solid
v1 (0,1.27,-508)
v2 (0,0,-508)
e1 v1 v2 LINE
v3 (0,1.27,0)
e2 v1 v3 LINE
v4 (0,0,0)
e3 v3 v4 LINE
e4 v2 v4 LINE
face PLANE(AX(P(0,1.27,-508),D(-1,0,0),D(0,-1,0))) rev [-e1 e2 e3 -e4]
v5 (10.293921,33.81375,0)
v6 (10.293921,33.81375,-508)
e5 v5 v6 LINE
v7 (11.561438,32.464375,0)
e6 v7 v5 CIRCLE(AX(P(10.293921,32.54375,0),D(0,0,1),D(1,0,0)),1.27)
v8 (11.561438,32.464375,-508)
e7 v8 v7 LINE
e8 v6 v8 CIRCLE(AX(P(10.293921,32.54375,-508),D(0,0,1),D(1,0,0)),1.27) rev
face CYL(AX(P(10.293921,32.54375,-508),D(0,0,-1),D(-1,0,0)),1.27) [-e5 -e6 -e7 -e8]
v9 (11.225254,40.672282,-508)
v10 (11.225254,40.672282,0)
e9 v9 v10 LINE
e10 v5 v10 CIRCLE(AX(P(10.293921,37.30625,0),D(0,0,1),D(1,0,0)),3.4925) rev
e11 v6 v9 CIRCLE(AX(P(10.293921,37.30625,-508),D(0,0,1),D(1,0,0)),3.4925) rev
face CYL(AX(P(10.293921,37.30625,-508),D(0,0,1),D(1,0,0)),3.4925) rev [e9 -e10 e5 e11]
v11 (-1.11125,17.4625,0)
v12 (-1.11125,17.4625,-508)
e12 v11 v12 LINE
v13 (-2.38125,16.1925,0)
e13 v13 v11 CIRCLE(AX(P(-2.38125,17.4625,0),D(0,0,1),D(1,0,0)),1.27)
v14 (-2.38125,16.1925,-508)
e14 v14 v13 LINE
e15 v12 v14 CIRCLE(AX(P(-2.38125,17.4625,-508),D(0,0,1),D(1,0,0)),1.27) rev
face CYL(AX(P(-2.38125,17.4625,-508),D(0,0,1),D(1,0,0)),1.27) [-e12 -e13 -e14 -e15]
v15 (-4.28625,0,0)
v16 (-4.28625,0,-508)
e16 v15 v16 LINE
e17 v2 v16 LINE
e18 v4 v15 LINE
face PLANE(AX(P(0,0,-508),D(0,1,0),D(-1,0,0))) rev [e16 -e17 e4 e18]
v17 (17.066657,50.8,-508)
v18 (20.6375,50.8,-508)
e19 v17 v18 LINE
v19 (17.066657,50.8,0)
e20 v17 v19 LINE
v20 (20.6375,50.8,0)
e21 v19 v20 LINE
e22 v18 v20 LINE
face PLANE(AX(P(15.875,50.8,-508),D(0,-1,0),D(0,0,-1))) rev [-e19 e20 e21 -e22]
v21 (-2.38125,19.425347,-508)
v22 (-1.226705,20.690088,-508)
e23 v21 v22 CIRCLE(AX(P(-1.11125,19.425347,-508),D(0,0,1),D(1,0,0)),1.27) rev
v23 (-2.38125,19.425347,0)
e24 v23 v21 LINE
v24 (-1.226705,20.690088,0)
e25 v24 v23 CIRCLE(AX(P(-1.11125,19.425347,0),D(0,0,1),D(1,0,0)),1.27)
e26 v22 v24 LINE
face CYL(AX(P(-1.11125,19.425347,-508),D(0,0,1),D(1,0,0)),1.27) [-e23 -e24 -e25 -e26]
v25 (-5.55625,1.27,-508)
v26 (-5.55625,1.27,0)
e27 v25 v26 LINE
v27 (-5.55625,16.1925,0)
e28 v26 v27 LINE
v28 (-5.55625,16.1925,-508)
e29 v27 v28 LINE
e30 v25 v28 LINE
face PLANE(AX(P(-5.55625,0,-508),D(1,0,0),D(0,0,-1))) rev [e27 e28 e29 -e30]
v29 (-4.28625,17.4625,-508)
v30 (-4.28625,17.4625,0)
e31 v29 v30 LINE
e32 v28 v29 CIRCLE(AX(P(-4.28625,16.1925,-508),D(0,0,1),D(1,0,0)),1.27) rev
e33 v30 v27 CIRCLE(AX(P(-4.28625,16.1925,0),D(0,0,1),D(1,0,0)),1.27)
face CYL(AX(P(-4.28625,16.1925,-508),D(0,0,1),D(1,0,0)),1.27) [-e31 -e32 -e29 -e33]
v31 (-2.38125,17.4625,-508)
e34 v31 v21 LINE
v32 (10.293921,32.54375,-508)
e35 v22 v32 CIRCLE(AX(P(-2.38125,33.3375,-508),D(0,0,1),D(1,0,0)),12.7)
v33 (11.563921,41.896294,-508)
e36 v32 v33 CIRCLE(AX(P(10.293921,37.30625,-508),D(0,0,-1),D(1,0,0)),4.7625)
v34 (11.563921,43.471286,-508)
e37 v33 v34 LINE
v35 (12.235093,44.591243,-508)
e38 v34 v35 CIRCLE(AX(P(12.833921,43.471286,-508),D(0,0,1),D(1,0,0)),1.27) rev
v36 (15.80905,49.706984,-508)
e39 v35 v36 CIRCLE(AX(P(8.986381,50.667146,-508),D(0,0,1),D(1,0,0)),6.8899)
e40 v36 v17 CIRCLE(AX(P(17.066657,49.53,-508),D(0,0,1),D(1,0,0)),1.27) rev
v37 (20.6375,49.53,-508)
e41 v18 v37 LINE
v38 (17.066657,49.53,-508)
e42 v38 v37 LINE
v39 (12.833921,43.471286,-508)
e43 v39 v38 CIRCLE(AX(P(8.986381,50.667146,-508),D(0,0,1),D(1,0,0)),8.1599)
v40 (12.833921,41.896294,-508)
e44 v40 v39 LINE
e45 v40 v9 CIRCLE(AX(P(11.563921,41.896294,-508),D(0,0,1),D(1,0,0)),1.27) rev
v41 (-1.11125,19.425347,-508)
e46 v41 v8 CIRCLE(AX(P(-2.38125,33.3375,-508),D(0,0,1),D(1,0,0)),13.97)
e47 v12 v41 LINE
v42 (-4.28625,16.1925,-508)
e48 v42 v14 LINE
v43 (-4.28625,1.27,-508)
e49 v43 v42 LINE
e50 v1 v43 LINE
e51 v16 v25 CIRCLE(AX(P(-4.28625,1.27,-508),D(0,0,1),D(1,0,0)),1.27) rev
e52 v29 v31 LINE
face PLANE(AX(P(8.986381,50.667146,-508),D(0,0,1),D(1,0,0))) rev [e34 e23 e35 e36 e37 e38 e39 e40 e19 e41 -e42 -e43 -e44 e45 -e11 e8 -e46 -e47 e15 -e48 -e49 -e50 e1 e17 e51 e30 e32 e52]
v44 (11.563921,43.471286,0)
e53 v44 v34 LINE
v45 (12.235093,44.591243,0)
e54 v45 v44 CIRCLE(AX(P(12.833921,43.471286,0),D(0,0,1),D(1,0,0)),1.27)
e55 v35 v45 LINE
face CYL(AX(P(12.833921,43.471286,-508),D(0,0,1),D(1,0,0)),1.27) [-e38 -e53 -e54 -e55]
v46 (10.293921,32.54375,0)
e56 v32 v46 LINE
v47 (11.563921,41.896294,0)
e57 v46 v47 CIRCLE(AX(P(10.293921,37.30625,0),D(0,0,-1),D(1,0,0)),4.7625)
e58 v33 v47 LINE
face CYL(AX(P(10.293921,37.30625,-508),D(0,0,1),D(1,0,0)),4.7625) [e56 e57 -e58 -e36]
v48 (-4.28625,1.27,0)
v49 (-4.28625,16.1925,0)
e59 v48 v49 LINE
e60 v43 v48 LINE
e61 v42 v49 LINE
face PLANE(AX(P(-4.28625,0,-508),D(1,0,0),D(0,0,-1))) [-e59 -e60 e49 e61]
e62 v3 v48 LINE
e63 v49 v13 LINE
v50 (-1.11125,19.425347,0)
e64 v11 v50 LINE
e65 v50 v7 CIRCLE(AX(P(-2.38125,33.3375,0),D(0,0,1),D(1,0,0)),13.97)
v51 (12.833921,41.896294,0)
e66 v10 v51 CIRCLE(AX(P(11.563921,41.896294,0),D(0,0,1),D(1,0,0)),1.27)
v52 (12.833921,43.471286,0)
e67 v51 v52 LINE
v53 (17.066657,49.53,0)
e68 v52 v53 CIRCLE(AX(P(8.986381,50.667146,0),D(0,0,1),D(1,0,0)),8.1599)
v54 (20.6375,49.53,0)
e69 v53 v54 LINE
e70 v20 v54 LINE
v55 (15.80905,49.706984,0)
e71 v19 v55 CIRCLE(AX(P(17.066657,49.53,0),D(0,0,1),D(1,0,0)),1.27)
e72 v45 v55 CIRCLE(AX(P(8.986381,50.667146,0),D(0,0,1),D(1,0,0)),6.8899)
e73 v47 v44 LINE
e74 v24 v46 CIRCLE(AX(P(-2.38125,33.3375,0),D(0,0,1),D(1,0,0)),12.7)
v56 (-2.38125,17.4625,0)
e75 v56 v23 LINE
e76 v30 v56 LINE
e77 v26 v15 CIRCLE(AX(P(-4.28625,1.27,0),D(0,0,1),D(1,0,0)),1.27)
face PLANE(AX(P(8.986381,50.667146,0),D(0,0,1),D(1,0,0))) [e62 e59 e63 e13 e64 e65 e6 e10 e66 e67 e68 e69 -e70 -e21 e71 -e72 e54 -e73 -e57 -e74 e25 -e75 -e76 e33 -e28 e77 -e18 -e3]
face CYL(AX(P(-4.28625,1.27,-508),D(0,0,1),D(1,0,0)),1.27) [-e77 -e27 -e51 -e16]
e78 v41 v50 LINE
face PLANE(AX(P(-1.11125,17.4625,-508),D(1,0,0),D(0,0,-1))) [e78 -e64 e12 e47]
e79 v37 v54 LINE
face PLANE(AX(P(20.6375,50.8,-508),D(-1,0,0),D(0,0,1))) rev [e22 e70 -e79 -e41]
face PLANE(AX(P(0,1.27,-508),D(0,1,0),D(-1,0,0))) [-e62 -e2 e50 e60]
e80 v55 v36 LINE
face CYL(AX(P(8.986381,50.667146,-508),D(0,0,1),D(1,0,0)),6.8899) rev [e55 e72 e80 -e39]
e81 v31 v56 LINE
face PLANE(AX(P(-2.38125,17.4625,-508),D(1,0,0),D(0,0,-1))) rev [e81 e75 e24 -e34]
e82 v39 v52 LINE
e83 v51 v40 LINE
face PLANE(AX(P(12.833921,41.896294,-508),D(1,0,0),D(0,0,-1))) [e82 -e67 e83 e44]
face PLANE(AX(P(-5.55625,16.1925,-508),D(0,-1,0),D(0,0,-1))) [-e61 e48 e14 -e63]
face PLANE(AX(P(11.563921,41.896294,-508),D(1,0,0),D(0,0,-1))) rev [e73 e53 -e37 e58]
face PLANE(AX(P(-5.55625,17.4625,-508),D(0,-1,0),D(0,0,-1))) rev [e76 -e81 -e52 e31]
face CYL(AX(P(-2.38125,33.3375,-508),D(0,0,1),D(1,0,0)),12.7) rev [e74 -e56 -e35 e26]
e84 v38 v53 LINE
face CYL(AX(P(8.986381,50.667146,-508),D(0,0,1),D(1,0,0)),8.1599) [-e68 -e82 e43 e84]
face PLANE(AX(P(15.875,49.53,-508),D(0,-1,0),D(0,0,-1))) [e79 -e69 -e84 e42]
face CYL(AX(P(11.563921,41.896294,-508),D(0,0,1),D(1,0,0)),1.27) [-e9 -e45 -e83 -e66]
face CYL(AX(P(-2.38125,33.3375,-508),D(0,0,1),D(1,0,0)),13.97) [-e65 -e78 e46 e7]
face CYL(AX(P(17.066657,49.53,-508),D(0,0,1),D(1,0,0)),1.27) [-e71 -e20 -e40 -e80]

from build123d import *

# Parameters (mm, degrees)
EXTRUDE_THIN1_DEPTH = 508
FILLET1_R           = 1.27


with BuildPart() as part:
    # Sketch1 → Extrude-Thin1 (new body)
    with BuildSketch(Plane.XY):
        with BuildLine():
            Line((0, 0), (-5.55625, 0))
            Line((-5.55625, 0), (-5.55625, 17.4625))
            Line((-5.55625, 17.4625), (-2.38125, 17.4625))
            Line((-2.38125, 17.4625), (-2.38125, 20.6375))
            ThreePointArc((-2.38125, 20.6375), (6.3138456, 24.080863867), (10.293921042, 32.54375))
            ThreePointArc((10.293921042, 32.54375), (5.574731916, 37.947077782), (11.563921042, 41.896294254))
            Line((11.563921042, 41.896294254), (11.563921042, 44.277544254))
            ThreePointArc((11.563921042, 44.277544254), (14.734219617, 46.868057482), (15.875, 50.8))
            Line((15.875, 50.8), (20.6375, 50.8))
            Line((20.6375, 50.8), (20.6375, 49.53))
            Line((20.6375, 49.53), (17.066657415, 49.53))
            ThreePointArc((17.066657415, 49.53), (15.675566735, 45.99394981), (12.833921042, 43.471285746))
            Line((12.833921042, 43.471285746), (12.833921042, 39.703322433))
            ThreePointArc((12.833921042, 39.703322433), (6.885679815, 38.068777372), (11.570295001, 34.055338472))
            ThreePointArc((11.570295001, 34.055338472), (8.174933988, 24.187206037), (-1.11125, 19.425347039))
            Line((-1.11125, 19.425347039), (-1.11125, 16.1925))
            Line((-1.11125, 16.1925), (-4.28625, 16.1925))
            Line((-4.28625, 16.1925), (-4.28625, 1.27))
            Line((-4.28625, 1.27), (0, 1.27))
            Line((0, 1.27), (0, 0))
        make_face()
    extrude(amount=-EXTRUDE_THIN1_DEPTH)

    # Fillet1
    fillet1_edges = [part.edges().sort_by_distance(p)[0] for p in [
        (12.833921042, 39.703322433, -254),
        (11.570295001, 34.055338472, -254),
        (-1.11125, 16.1925, -254),
        (-5.55625, 0, -254),
        (-5.55625, 17.4625, -254),
        (-2.38125, 20.6375, -254),
        (11.563921042, 44.277544254, -254),
        (15.875, 50.8, -254),
    ]]
    fillet(fillet1_edges, radius=FILLET1_R)


solid = part.part
